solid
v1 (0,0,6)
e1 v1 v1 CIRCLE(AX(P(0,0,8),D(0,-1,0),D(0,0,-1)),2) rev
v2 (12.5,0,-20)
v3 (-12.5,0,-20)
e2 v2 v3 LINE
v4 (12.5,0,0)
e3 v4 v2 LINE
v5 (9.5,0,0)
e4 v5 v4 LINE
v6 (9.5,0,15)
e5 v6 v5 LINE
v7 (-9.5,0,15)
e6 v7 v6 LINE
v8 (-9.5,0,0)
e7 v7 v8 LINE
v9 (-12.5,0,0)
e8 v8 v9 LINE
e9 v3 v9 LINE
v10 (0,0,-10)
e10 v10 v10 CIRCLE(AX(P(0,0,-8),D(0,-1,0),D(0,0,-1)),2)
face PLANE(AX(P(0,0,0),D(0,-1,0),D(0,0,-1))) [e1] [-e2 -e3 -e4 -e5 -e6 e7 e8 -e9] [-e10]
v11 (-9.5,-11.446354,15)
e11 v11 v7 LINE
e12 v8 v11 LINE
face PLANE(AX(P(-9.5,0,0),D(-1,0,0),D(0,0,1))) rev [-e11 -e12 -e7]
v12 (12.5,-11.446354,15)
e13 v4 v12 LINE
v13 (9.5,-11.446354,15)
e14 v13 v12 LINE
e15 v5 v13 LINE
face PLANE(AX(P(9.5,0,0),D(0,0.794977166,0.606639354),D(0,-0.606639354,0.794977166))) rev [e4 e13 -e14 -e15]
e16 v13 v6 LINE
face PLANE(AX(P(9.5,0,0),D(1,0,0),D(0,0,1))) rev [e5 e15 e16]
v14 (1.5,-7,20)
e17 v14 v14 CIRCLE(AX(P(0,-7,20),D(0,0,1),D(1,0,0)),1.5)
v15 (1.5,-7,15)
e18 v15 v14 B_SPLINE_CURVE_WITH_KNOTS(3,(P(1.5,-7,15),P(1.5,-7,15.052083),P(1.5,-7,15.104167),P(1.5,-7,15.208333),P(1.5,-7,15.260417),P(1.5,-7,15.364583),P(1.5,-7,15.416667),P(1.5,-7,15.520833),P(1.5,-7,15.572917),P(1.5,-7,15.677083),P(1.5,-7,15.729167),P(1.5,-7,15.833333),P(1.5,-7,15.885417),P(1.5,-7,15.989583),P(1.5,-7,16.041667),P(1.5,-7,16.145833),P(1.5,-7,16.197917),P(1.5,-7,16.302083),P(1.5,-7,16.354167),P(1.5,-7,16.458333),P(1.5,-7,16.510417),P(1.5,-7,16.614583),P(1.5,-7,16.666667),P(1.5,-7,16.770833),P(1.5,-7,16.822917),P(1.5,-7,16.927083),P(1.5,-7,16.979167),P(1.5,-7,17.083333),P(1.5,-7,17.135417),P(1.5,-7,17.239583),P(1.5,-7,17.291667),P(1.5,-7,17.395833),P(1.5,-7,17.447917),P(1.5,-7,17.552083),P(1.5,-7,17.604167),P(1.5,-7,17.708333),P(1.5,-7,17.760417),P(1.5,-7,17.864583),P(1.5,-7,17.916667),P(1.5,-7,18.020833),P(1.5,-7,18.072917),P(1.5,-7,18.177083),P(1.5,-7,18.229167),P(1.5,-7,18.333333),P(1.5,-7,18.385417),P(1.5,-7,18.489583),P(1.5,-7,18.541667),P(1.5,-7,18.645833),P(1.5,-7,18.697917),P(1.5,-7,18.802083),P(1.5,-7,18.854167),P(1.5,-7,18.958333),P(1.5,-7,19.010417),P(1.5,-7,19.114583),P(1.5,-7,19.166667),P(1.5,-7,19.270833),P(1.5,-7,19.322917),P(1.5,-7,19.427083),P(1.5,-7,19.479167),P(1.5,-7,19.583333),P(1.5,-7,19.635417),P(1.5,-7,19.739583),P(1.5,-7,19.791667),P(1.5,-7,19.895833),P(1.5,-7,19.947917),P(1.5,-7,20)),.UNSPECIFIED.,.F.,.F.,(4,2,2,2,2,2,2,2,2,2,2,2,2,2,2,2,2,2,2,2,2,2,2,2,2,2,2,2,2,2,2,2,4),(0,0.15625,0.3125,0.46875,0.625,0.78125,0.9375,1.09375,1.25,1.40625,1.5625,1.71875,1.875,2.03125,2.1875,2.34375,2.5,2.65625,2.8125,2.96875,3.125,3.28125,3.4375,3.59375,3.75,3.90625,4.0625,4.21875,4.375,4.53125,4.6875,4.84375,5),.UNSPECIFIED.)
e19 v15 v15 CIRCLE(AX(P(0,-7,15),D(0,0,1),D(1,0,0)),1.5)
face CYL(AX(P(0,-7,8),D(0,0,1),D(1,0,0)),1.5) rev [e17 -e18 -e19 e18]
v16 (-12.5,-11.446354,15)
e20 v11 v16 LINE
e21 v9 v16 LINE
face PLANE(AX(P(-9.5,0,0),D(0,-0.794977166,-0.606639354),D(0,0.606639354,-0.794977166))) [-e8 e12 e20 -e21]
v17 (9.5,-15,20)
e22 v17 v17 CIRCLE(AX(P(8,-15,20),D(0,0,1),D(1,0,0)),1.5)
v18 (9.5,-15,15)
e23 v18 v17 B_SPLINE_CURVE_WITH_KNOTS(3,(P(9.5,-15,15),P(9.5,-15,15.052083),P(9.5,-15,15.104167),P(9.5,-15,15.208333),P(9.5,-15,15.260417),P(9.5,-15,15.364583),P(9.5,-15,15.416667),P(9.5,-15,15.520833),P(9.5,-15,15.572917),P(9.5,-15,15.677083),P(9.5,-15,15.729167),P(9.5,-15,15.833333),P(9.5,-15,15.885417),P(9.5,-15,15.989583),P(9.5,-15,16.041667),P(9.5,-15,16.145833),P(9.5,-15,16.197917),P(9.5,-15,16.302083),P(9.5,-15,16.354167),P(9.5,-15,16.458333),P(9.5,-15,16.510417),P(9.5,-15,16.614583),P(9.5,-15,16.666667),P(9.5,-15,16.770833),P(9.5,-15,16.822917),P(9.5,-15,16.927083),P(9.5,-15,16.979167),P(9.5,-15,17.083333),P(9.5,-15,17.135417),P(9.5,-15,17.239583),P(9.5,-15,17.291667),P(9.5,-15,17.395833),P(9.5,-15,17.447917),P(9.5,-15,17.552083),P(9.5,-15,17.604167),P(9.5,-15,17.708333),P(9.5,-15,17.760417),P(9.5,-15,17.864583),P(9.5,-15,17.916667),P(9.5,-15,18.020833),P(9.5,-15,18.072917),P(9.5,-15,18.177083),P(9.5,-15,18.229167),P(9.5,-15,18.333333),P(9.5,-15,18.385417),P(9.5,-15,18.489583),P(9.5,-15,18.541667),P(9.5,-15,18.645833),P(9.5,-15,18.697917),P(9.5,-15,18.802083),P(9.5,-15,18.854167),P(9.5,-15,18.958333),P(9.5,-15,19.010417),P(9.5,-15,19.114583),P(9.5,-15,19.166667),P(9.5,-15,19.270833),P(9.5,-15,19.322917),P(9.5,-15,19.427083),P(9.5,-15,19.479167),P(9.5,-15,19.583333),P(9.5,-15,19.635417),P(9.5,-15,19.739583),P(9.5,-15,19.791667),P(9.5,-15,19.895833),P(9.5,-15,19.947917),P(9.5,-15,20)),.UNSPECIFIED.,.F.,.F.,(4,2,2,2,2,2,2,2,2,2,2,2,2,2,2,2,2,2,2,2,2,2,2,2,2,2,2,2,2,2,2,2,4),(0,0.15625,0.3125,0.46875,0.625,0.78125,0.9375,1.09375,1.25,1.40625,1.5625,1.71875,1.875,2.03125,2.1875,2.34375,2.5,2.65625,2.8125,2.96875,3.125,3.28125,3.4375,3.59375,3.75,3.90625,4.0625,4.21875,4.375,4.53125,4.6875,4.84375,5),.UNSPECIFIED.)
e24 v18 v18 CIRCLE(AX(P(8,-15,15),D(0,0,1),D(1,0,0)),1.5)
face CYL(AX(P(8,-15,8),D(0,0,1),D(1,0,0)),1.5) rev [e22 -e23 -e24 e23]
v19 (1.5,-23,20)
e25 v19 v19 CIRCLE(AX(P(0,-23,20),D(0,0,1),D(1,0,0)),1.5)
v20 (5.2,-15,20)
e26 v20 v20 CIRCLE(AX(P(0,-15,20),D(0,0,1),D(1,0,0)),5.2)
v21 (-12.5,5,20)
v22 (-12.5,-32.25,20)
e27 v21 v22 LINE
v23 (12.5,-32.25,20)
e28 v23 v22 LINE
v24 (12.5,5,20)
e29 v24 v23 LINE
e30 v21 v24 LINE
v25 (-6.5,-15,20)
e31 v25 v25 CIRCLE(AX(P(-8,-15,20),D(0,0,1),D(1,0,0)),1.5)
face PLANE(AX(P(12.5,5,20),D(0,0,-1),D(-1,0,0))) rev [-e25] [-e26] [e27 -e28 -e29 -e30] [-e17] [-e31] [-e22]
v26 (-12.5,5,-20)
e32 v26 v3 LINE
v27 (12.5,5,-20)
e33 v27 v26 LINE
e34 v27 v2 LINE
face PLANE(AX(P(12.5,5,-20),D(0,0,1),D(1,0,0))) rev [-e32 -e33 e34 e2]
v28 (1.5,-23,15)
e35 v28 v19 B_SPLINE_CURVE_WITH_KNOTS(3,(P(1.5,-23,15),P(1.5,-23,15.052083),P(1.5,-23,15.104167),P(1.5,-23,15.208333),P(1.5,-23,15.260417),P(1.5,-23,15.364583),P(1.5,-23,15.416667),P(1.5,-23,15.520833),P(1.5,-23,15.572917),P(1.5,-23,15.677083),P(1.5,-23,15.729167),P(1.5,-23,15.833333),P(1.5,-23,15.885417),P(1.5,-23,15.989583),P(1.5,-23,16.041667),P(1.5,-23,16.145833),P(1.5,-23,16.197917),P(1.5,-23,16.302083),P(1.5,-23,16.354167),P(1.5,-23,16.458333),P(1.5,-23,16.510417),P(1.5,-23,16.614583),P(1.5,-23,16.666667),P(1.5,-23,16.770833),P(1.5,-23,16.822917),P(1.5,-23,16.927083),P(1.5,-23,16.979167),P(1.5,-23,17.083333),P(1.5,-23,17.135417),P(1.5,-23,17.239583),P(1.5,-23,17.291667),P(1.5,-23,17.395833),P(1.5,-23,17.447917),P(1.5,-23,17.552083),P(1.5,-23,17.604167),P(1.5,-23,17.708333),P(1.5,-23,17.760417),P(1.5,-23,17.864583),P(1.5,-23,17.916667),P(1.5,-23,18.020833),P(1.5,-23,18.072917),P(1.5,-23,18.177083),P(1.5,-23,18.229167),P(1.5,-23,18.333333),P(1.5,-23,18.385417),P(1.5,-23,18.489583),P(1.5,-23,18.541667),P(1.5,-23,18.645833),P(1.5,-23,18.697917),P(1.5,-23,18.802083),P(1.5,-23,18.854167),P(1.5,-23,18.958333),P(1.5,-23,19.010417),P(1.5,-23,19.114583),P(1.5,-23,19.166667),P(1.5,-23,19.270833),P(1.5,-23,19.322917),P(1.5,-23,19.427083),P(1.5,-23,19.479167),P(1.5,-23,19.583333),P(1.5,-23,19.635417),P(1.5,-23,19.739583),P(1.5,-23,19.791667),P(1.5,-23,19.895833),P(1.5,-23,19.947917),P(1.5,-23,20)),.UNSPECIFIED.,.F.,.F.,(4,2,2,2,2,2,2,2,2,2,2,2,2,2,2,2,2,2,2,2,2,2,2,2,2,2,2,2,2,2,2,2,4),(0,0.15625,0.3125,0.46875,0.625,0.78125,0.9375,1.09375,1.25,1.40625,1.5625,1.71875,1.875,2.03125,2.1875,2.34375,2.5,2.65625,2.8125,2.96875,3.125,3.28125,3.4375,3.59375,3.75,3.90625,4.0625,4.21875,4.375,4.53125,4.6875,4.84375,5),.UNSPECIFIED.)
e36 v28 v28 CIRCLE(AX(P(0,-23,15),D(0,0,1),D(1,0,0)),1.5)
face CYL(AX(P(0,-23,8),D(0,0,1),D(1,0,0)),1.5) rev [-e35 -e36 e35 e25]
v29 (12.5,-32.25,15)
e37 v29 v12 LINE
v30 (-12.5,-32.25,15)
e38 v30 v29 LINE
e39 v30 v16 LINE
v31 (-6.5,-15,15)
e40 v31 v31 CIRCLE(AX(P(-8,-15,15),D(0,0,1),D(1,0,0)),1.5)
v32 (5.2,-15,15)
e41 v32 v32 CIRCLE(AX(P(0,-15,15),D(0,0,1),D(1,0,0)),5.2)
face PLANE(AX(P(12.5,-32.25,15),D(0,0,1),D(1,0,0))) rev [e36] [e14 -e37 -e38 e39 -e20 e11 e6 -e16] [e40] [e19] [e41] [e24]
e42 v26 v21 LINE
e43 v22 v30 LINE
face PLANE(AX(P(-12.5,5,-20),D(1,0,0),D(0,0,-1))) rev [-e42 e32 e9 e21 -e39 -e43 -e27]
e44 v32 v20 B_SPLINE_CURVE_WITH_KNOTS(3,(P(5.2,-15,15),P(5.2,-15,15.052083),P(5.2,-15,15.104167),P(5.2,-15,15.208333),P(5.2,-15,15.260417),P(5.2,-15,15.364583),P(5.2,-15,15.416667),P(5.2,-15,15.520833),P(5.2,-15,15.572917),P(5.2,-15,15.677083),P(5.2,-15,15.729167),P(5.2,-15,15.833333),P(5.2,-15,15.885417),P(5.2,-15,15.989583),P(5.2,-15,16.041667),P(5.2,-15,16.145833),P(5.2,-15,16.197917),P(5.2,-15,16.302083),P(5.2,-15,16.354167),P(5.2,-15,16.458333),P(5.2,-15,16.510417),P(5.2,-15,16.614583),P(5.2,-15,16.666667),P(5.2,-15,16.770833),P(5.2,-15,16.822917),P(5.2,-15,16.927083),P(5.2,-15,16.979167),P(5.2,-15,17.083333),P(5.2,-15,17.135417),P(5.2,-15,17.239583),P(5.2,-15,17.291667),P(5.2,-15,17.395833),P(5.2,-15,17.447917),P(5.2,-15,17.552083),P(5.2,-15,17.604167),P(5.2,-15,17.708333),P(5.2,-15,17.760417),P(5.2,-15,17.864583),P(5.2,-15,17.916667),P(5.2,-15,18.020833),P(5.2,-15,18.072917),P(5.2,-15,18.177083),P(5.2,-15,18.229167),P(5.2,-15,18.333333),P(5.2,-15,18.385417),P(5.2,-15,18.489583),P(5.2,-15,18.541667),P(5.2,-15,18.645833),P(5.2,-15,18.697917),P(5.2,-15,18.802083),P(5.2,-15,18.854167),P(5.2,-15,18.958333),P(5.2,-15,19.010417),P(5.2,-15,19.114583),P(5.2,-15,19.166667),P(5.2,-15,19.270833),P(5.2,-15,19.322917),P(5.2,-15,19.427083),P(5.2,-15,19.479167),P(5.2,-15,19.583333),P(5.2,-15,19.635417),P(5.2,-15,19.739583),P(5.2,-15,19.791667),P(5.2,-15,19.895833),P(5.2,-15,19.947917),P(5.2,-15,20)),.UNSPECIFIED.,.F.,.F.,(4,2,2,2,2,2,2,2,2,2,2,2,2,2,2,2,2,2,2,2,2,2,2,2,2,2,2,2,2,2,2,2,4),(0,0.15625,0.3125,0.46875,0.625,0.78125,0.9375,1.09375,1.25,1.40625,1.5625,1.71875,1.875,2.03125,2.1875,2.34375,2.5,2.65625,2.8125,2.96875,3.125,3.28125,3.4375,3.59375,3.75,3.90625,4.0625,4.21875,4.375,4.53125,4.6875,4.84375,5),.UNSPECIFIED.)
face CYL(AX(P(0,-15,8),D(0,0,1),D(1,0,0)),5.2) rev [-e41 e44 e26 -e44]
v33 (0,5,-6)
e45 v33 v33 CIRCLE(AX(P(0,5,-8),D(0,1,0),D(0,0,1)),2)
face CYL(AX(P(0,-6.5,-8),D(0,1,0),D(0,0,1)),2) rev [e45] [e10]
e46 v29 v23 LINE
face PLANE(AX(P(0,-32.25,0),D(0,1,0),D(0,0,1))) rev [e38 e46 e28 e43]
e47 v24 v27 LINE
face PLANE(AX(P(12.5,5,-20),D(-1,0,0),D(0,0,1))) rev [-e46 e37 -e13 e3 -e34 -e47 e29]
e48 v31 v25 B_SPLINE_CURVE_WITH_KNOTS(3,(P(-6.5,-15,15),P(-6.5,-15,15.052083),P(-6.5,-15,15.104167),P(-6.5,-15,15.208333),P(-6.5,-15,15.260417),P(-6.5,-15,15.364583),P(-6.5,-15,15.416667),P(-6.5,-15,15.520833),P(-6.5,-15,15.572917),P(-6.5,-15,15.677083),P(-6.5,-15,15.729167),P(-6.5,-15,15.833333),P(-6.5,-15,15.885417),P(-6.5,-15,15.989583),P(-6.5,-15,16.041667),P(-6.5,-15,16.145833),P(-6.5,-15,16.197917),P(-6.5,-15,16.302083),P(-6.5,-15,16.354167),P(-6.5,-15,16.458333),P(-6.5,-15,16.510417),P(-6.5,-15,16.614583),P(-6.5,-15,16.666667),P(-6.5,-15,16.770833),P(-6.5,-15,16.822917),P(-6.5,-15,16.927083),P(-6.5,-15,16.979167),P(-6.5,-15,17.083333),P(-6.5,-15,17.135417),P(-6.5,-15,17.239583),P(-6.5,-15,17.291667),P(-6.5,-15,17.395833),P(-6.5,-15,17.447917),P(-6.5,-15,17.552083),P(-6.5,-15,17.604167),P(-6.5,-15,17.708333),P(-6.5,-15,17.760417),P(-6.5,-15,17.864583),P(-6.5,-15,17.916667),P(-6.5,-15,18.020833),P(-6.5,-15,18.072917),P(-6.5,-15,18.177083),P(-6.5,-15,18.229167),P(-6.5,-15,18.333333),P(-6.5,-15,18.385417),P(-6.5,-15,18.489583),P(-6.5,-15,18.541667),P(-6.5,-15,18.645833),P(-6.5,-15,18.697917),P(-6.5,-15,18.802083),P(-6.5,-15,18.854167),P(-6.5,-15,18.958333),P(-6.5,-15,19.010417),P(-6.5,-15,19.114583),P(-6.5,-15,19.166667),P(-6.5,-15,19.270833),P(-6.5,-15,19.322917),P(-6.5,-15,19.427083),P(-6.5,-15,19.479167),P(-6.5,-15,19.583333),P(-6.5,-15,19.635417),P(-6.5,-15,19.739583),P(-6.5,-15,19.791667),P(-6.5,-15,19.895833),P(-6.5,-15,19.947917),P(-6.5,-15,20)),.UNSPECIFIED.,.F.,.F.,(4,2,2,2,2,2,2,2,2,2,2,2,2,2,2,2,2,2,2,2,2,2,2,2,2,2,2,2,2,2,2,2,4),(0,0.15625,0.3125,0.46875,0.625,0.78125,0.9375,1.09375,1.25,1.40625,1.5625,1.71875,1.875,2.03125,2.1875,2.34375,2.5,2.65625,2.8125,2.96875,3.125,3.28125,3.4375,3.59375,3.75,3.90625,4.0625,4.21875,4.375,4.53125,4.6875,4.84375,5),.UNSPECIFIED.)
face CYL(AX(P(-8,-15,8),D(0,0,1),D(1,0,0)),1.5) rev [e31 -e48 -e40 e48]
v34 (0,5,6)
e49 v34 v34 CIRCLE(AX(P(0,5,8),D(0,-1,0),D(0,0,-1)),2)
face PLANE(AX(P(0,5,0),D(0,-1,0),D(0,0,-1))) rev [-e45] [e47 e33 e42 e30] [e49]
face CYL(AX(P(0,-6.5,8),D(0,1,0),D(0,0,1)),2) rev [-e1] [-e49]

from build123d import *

# Parameters (mm, degrees)
SKETCH1_W           = 25
SKETCH1_H           = 40
BOSS_EXTRUDE1_DEPTH = 5
SKETCH2_R           = 2
CUT_EXTRUDE1_DEPTH  = 11.5
SKETCH3_W           = 25
SKETCH3_H           = 5
BOSS_EXTRUDE2_DEPTH = 32.25
SKETCH5_R           = 11.1
CUT_EXTRUDE2_DEPTH  = 1.5
SKETCH6_R           = 5.2
CUT_EXTRUDE3_DEPTH  = 10.5
SKETCH7_R           = 1.5
CUT_EXTRUDE4_DEPTH  = 10.5
CIRPATTERN1_COUNT   = 4
BOSS_EXTRUDE3_DEPTH = 3
BOSS_EXTRUDE4_START = 1.5
SKETCH9_R           = 11.1
SKETCH9_R_2         = 5.2
SKETCH9_R_3         = 1.5
BOSS_EXTRUDE4_DEPTH = 1.5


with BuildPart() as part:
    # Sketch1 → Boss-Extrude1 (new body)
    with BuildSketch(Plane(origin=(0, 0, 0), x_dir=(1, 0, 0), z_dir=(0, 1, 0))):
        Rectangle(SKETCH1_W, SKETCH1_H)
    extrude(amount=BOSS_EXTRUDE1_DEPTH)

    # Sketch2 → Cut-Extrude1 (cut)
    with BuildSketch(Plane(origin=(0, 5, 0), x_dir=(1, 0, 0), z_dir=(0, 1, 0))):
        with Locations(Location((0, 8, 0), (0, 0, 270))):
            Circle(SKETCH2_R)
    cut_extrude1 = extrude(amount=-CUT_EXTRUDE1_DEPTH, mode=Mode.SUBTRACT)

    # Mirror1: Cut-Extrude1 across plane
    add(cut_extrude1.mirror(Plane.XY), mode=Mode.SUBTRACT)

    # Sketch3 → Boss-Extrude2 (add)
    with BuildSketch(Plane.XZ):
        with Locations((0, 17.5)):
            Rectangle(SKETCH3_W, SKETCH3_H)
    extrude(amount=BOSS_EXTRUDE2_DEPTH)

    # Sketch5 → Cut-Extrude2 (cut)
    with BuildSketch(Plane.XY.offset(20)):
        with Locations((0, -15)):
            Circle(SKETCH5_R)
    extrude(amount=-CUT_EXTRUDE2_DEPTH, mode=Mode.SUBTRACT)

    # Sketch6 → Cut-Extrude3 (cut)
    with BuildSketch(Plane.XY.offset(18.5)):
        with Locations((0, -15)):
            Circle(SKETCH6_R)
    extrude(amount=-CUT_EXTRUDE3_DEPTH, mode=Mode.SUBTRACT)

    # Sketch7 → Cut-Extrude4 (cut)
    with BuildSketch(Plane.XY.offset(18.5)):
        with Locations((0, -7)):
            Circle(SKETCH7_R)
    cut_extrude4 = extrude(amount=-CUT_EXTRUDE4_DEPTH, mode=Mode.SUBTRACT)

    # CirPattern1: Cut-Extrude4 ×4 about axis
    cirpattern1_axis = Axis((0, -15, 0), (0, 0, 1))
    for i in range(1, CIRPATTERN1_COUNT):
        add(cut_extrude4.rotate(cirpattern1_axis, i * 360 / CIRPATTERN1_COUNT), mode=Mode.SUBTRACT)

    # Sketch8 → Boss-Extrude3 (add)
    with BuildSketch(Plane.ZY.offset(12.5)):
        Polygon((15, 0), (0, 0), (15, -11.4463543), align=None)
    boss_extrude3 = extrude(amount=-BOSS_EXTRUDE3_DEPTH)

    # Mirror2: Boss-Extrude3 across plane
    add(boss_extrude3.mirror(Plane(origin=(0, 0, 0), x_dir=(0, 0, 1), z_dir=(1, 0, 0))))

    # Sketch9 → Boss-Extrude4 (add)
    with BuildSketch(Plane.XY.offset(18.5).offset(BOSS_EXTRUDE4_START)):
        with Locations((0, -15)):
            Circle(SKETCH9_R)
        with Locations((0, -15)):
            Circle(SKETCH9_R_2, mode=Mode.SUBTRACT)
        with Locations((0, -7)):
            Circle(SKETCH9_R_3, mode=Mode.SUBTRACT)
        with Locations((-8, -15)):
            Circle(SKETCH9_R_3, mode=Mode.SUBTRACT)
        with Locations((8, -15)):
            Circle(SKETCH9_R_3, mode=Mode.SUBTRACT)
        with Locations((0, -23)):
            Circle(SKETCH9_R_3, mode=Mode.SUBTRACT)
    extrude(amount=-BOSS_EXTRUDE4_DEPTH)


solid = part.part
